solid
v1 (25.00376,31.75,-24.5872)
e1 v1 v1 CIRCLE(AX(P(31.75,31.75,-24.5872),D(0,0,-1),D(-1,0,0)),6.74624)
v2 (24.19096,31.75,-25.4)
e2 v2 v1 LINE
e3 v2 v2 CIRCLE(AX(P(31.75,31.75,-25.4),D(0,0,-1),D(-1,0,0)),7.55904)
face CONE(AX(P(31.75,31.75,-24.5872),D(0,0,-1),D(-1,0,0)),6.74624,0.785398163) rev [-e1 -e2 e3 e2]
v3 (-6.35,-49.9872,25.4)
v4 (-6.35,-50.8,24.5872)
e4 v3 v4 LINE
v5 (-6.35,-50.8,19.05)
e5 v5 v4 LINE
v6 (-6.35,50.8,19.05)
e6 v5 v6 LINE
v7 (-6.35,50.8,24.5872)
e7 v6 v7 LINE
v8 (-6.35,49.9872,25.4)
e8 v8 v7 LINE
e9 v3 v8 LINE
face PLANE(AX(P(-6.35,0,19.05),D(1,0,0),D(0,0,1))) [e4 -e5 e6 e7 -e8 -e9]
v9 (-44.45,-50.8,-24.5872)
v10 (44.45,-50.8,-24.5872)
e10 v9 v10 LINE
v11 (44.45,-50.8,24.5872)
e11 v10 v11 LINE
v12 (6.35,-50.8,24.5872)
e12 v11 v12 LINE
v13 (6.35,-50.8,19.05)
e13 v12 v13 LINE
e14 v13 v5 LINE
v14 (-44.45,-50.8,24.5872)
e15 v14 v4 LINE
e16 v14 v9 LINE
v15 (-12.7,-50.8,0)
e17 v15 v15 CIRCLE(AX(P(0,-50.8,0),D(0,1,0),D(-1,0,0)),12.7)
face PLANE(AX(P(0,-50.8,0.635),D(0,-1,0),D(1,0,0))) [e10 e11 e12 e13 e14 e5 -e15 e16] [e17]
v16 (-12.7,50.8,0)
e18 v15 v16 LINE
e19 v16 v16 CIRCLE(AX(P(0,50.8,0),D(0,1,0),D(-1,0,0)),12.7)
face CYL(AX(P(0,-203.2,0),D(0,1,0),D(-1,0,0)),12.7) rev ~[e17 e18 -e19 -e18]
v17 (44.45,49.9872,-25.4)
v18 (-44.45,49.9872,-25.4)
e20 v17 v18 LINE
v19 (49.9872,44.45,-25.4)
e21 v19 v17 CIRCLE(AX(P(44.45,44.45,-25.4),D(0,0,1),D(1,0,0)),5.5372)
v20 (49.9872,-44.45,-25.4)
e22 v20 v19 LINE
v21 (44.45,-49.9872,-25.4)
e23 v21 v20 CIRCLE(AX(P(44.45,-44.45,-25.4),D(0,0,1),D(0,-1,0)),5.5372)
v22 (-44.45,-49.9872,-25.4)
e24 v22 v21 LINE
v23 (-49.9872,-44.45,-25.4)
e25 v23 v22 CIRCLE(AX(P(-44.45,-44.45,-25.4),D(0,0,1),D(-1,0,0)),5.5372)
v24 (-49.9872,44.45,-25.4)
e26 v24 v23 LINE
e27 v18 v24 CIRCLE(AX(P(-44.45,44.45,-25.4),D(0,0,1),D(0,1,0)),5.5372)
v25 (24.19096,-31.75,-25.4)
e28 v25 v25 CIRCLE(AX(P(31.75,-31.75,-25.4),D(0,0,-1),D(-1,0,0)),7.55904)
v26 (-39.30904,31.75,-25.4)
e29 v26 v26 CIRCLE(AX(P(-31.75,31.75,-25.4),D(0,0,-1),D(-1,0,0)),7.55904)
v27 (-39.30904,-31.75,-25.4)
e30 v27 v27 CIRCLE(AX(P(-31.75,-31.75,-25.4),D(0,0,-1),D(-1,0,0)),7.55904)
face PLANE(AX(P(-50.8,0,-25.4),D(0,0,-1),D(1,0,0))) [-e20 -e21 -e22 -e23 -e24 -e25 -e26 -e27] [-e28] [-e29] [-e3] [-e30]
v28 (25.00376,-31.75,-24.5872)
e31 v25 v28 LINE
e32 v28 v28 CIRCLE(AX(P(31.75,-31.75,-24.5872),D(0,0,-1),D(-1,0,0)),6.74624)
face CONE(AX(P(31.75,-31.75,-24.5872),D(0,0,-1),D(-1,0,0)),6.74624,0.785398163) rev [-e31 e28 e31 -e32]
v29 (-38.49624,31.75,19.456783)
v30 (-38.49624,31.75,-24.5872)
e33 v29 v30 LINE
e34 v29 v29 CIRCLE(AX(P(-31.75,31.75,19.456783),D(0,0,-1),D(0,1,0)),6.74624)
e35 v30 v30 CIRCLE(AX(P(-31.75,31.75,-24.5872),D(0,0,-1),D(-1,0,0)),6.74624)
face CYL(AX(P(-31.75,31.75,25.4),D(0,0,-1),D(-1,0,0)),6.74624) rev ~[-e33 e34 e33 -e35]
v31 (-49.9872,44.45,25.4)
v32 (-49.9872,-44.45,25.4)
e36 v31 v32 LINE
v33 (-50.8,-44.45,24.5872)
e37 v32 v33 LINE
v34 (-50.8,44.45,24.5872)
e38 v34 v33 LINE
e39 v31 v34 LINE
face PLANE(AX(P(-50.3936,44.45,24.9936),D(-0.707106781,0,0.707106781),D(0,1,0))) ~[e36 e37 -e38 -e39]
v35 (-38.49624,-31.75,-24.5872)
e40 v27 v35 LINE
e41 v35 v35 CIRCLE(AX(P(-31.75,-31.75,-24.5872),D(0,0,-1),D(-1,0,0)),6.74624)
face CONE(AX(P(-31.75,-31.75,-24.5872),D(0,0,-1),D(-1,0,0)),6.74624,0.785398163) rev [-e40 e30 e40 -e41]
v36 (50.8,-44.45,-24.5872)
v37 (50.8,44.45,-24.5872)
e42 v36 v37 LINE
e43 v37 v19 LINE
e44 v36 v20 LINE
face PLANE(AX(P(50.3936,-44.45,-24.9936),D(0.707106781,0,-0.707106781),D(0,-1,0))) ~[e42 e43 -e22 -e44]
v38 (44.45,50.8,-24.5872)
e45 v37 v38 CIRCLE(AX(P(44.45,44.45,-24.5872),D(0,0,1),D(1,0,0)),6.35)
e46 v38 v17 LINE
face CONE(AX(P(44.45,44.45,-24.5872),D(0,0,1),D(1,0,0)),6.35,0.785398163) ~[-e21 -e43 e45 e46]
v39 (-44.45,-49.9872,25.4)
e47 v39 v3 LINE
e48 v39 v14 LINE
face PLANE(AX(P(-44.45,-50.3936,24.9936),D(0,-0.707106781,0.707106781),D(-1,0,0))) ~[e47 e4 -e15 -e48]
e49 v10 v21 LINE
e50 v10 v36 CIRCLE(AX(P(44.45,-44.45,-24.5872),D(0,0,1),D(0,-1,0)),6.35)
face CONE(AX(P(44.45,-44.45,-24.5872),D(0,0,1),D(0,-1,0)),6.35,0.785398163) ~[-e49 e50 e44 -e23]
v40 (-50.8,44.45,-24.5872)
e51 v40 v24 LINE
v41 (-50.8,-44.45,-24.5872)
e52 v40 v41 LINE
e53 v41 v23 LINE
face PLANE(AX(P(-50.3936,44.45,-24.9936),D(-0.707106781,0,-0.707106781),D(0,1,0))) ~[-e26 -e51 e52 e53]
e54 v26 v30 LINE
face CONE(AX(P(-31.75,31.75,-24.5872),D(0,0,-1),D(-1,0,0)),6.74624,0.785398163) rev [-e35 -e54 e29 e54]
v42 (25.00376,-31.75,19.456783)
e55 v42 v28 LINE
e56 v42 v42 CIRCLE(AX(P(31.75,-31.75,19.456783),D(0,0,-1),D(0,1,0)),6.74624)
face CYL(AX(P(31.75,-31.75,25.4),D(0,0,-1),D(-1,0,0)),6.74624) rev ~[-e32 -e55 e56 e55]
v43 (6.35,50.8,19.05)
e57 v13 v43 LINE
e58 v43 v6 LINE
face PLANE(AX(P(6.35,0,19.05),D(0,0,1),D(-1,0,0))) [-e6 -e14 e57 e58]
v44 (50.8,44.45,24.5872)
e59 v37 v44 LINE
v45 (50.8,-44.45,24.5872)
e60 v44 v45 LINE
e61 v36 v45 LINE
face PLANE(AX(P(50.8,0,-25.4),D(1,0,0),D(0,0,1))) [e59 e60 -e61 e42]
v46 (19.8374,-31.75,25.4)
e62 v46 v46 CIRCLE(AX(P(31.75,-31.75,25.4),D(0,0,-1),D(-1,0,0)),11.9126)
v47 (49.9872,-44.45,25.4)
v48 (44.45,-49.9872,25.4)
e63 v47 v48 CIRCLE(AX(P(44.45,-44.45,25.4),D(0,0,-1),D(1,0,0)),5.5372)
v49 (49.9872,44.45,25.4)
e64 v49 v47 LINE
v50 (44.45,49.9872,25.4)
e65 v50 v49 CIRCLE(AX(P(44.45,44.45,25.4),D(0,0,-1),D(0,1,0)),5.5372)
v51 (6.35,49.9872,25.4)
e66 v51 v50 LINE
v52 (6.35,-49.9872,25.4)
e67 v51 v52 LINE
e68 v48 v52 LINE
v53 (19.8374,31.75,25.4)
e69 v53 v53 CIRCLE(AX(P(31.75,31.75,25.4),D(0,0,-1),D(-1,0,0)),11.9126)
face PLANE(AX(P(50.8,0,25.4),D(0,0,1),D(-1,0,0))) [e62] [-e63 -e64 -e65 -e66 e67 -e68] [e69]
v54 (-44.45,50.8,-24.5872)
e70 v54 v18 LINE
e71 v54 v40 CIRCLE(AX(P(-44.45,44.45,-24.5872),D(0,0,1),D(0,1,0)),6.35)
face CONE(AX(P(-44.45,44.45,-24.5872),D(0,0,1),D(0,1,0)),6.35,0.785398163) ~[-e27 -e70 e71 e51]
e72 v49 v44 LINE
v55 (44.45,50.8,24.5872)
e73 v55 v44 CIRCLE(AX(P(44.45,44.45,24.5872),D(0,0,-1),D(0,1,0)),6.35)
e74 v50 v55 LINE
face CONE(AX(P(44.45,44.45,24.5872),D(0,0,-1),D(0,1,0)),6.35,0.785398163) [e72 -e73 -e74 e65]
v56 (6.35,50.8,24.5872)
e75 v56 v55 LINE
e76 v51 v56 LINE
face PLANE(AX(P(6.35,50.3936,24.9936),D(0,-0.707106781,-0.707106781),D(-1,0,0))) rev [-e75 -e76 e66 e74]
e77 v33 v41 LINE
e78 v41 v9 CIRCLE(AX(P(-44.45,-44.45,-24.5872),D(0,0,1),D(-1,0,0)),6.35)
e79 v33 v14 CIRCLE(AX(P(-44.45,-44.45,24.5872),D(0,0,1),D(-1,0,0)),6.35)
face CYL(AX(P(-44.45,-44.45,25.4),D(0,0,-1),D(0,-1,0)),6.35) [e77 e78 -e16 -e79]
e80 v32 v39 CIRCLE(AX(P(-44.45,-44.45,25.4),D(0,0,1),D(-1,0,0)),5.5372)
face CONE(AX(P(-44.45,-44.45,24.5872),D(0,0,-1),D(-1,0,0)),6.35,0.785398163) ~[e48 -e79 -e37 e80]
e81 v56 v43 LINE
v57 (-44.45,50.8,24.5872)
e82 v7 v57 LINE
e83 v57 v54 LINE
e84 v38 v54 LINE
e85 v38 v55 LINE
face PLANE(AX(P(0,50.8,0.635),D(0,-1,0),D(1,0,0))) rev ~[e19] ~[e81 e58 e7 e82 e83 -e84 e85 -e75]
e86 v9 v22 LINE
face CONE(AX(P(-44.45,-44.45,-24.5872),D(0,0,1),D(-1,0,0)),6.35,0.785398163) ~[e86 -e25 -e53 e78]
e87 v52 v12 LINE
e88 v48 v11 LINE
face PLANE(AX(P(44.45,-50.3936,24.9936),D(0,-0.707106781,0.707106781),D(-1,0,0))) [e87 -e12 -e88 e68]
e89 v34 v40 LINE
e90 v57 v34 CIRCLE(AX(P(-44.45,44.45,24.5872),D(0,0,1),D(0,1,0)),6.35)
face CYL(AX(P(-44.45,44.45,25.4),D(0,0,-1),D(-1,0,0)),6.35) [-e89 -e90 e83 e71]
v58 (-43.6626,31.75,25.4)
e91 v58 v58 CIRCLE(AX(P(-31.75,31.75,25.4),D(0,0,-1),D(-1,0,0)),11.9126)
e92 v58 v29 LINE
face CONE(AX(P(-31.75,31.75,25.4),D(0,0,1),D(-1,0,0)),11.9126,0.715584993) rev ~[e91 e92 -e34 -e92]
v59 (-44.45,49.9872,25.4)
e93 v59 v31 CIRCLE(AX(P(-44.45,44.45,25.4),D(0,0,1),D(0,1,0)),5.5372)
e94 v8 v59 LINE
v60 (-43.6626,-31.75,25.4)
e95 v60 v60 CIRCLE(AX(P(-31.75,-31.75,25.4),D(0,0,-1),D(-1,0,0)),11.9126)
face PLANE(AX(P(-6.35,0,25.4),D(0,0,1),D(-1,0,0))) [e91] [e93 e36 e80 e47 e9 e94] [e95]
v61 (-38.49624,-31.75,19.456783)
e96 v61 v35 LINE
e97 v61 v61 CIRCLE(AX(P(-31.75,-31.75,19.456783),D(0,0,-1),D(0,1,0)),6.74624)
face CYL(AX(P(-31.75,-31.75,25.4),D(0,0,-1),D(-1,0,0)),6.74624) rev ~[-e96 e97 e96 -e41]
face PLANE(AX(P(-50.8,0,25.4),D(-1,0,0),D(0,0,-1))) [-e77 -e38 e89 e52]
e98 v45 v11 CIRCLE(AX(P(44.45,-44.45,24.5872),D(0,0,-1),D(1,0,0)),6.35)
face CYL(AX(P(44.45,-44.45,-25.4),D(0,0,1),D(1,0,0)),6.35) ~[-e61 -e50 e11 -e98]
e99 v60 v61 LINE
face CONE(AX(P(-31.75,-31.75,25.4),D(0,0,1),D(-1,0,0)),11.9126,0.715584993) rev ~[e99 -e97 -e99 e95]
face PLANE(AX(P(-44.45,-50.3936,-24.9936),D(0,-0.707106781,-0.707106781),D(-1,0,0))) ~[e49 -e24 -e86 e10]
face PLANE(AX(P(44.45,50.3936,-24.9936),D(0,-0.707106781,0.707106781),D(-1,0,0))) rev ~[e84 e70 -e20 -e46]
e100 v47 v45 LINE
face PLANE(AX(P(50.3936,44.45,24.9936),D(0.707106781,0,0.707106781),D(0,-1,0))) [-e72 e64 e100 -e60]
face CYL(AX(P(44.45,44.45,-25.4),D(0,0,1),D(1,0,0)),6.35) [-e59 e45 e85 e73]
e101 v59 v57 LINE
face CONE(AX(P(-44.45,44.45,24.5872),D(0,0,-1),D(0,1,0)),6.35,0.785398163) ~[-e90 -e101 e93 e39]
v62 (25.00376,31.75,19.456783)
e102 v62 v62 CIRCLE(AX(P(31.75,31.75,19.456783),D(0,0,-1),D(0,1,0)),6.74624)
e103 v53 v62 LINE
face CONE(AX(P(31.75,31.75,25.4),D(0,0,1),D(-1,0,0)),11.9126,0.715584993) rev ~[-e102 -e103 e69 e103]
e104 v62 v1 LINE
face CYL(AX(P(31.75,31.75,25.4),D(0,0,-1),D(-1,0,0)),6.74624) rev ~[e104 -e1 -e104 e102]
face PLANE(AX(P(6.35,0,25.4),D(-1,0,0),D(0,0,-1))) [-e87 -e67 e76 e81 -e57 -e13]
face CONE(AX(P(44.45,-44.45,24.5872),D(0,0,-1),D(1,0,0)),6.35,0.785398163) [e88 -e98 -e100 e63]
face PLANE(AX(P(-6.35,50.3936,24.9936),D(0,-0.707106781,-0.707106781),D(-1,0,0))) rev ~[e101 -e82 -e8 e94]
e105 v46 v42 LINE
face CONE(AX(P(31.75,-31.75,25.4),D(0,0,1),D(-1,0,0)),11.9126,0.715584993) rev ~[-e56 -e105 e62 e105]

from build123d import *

# Parameters (mm, degrees)
F1_DEPTH       = 50.8
F3_D           = 13.49248
F3_CSINK_D     = 23.8252
F3_CSINK_ANGLE = 82
F4_R           = 6.35
F5_SIZE        = 0.8128
F7_D           = 25.4


with BuildPart() as f1:
    # F0 (on Front) → F1 (new body, symmetric)
    with BuildSketch(Plane.XZ):
        Polygon((-6.35, 25.4), (-50.8, 25.4), (-50.8, -25.4), (50.8, -25.4), (50.8, 25.4), (6.35, 25.4), (6.35, 19.05), (0, 19.05), (-6.35, 19.05), align=None)
    extrude(amount=F1_DEPTH, both=True)

    # F3 (through all)
    with Locations(Plane.XY.offset(25.4)):
        with Locations((-31.75, 31.75), (31.75, 31.75), (-31.75, -31.75), (31.75, -31.75)):
            CounterSinkHole(F3_D / 2, F3_CSINK_D / 2, counter_sink_angle=F3_CSINK_ANGLE)

    # F4
    f4_edges = [f1.edges().sort_by_distance(p)[0] for p in [
        (-50.8, 50.8, 0),
        (-50.8, -50.8, 0),
        (50.8, -50.8, 0),
        (50.8, 50.8, 0),
    ]]
    fillet(f4_edges, radius=F4_R)

    # F5
    f5_edges = [f1.edges().sort_by_distance(p)[0] for p in [
        (50.8, 0, 25.4),
        (-25.4, 50.8, 25.4),
        (25.4, 50.8, 25.4),
        (-50.8, 0, 25.4),
        (-25.4, -50.8, 25.4),
        (25.4, -50.8, 25.4),
        (-50.8, 0, -25.4),
        (-48.940128, 48.940128, -25.4),
        (-48.940128, -48.940128, -25.4),
        (0, 50.8, -25.4),
        (0, -50.8, -25.4),
        (48.940128, 48.940128, -25.4),
        (48.940128, -48.940128, -25.4),
        (50.8, 0, -25.4),
        (-38.49624, 31.75, -25.4),
        (25.00376, 31.75, -25.4),
        (-38.49624, -31.75, -25.4),
        (25.00376, -31.75, -25.4),
    ]]
    chamfer(f5_edges, length=F5_SIZE)

    # F7 (through all)
    with Locations(Plane.XZ.offset(50.8)):
        with Locations((0, 0)):
            Hole(F7_D / 2)


solid = f1.part
